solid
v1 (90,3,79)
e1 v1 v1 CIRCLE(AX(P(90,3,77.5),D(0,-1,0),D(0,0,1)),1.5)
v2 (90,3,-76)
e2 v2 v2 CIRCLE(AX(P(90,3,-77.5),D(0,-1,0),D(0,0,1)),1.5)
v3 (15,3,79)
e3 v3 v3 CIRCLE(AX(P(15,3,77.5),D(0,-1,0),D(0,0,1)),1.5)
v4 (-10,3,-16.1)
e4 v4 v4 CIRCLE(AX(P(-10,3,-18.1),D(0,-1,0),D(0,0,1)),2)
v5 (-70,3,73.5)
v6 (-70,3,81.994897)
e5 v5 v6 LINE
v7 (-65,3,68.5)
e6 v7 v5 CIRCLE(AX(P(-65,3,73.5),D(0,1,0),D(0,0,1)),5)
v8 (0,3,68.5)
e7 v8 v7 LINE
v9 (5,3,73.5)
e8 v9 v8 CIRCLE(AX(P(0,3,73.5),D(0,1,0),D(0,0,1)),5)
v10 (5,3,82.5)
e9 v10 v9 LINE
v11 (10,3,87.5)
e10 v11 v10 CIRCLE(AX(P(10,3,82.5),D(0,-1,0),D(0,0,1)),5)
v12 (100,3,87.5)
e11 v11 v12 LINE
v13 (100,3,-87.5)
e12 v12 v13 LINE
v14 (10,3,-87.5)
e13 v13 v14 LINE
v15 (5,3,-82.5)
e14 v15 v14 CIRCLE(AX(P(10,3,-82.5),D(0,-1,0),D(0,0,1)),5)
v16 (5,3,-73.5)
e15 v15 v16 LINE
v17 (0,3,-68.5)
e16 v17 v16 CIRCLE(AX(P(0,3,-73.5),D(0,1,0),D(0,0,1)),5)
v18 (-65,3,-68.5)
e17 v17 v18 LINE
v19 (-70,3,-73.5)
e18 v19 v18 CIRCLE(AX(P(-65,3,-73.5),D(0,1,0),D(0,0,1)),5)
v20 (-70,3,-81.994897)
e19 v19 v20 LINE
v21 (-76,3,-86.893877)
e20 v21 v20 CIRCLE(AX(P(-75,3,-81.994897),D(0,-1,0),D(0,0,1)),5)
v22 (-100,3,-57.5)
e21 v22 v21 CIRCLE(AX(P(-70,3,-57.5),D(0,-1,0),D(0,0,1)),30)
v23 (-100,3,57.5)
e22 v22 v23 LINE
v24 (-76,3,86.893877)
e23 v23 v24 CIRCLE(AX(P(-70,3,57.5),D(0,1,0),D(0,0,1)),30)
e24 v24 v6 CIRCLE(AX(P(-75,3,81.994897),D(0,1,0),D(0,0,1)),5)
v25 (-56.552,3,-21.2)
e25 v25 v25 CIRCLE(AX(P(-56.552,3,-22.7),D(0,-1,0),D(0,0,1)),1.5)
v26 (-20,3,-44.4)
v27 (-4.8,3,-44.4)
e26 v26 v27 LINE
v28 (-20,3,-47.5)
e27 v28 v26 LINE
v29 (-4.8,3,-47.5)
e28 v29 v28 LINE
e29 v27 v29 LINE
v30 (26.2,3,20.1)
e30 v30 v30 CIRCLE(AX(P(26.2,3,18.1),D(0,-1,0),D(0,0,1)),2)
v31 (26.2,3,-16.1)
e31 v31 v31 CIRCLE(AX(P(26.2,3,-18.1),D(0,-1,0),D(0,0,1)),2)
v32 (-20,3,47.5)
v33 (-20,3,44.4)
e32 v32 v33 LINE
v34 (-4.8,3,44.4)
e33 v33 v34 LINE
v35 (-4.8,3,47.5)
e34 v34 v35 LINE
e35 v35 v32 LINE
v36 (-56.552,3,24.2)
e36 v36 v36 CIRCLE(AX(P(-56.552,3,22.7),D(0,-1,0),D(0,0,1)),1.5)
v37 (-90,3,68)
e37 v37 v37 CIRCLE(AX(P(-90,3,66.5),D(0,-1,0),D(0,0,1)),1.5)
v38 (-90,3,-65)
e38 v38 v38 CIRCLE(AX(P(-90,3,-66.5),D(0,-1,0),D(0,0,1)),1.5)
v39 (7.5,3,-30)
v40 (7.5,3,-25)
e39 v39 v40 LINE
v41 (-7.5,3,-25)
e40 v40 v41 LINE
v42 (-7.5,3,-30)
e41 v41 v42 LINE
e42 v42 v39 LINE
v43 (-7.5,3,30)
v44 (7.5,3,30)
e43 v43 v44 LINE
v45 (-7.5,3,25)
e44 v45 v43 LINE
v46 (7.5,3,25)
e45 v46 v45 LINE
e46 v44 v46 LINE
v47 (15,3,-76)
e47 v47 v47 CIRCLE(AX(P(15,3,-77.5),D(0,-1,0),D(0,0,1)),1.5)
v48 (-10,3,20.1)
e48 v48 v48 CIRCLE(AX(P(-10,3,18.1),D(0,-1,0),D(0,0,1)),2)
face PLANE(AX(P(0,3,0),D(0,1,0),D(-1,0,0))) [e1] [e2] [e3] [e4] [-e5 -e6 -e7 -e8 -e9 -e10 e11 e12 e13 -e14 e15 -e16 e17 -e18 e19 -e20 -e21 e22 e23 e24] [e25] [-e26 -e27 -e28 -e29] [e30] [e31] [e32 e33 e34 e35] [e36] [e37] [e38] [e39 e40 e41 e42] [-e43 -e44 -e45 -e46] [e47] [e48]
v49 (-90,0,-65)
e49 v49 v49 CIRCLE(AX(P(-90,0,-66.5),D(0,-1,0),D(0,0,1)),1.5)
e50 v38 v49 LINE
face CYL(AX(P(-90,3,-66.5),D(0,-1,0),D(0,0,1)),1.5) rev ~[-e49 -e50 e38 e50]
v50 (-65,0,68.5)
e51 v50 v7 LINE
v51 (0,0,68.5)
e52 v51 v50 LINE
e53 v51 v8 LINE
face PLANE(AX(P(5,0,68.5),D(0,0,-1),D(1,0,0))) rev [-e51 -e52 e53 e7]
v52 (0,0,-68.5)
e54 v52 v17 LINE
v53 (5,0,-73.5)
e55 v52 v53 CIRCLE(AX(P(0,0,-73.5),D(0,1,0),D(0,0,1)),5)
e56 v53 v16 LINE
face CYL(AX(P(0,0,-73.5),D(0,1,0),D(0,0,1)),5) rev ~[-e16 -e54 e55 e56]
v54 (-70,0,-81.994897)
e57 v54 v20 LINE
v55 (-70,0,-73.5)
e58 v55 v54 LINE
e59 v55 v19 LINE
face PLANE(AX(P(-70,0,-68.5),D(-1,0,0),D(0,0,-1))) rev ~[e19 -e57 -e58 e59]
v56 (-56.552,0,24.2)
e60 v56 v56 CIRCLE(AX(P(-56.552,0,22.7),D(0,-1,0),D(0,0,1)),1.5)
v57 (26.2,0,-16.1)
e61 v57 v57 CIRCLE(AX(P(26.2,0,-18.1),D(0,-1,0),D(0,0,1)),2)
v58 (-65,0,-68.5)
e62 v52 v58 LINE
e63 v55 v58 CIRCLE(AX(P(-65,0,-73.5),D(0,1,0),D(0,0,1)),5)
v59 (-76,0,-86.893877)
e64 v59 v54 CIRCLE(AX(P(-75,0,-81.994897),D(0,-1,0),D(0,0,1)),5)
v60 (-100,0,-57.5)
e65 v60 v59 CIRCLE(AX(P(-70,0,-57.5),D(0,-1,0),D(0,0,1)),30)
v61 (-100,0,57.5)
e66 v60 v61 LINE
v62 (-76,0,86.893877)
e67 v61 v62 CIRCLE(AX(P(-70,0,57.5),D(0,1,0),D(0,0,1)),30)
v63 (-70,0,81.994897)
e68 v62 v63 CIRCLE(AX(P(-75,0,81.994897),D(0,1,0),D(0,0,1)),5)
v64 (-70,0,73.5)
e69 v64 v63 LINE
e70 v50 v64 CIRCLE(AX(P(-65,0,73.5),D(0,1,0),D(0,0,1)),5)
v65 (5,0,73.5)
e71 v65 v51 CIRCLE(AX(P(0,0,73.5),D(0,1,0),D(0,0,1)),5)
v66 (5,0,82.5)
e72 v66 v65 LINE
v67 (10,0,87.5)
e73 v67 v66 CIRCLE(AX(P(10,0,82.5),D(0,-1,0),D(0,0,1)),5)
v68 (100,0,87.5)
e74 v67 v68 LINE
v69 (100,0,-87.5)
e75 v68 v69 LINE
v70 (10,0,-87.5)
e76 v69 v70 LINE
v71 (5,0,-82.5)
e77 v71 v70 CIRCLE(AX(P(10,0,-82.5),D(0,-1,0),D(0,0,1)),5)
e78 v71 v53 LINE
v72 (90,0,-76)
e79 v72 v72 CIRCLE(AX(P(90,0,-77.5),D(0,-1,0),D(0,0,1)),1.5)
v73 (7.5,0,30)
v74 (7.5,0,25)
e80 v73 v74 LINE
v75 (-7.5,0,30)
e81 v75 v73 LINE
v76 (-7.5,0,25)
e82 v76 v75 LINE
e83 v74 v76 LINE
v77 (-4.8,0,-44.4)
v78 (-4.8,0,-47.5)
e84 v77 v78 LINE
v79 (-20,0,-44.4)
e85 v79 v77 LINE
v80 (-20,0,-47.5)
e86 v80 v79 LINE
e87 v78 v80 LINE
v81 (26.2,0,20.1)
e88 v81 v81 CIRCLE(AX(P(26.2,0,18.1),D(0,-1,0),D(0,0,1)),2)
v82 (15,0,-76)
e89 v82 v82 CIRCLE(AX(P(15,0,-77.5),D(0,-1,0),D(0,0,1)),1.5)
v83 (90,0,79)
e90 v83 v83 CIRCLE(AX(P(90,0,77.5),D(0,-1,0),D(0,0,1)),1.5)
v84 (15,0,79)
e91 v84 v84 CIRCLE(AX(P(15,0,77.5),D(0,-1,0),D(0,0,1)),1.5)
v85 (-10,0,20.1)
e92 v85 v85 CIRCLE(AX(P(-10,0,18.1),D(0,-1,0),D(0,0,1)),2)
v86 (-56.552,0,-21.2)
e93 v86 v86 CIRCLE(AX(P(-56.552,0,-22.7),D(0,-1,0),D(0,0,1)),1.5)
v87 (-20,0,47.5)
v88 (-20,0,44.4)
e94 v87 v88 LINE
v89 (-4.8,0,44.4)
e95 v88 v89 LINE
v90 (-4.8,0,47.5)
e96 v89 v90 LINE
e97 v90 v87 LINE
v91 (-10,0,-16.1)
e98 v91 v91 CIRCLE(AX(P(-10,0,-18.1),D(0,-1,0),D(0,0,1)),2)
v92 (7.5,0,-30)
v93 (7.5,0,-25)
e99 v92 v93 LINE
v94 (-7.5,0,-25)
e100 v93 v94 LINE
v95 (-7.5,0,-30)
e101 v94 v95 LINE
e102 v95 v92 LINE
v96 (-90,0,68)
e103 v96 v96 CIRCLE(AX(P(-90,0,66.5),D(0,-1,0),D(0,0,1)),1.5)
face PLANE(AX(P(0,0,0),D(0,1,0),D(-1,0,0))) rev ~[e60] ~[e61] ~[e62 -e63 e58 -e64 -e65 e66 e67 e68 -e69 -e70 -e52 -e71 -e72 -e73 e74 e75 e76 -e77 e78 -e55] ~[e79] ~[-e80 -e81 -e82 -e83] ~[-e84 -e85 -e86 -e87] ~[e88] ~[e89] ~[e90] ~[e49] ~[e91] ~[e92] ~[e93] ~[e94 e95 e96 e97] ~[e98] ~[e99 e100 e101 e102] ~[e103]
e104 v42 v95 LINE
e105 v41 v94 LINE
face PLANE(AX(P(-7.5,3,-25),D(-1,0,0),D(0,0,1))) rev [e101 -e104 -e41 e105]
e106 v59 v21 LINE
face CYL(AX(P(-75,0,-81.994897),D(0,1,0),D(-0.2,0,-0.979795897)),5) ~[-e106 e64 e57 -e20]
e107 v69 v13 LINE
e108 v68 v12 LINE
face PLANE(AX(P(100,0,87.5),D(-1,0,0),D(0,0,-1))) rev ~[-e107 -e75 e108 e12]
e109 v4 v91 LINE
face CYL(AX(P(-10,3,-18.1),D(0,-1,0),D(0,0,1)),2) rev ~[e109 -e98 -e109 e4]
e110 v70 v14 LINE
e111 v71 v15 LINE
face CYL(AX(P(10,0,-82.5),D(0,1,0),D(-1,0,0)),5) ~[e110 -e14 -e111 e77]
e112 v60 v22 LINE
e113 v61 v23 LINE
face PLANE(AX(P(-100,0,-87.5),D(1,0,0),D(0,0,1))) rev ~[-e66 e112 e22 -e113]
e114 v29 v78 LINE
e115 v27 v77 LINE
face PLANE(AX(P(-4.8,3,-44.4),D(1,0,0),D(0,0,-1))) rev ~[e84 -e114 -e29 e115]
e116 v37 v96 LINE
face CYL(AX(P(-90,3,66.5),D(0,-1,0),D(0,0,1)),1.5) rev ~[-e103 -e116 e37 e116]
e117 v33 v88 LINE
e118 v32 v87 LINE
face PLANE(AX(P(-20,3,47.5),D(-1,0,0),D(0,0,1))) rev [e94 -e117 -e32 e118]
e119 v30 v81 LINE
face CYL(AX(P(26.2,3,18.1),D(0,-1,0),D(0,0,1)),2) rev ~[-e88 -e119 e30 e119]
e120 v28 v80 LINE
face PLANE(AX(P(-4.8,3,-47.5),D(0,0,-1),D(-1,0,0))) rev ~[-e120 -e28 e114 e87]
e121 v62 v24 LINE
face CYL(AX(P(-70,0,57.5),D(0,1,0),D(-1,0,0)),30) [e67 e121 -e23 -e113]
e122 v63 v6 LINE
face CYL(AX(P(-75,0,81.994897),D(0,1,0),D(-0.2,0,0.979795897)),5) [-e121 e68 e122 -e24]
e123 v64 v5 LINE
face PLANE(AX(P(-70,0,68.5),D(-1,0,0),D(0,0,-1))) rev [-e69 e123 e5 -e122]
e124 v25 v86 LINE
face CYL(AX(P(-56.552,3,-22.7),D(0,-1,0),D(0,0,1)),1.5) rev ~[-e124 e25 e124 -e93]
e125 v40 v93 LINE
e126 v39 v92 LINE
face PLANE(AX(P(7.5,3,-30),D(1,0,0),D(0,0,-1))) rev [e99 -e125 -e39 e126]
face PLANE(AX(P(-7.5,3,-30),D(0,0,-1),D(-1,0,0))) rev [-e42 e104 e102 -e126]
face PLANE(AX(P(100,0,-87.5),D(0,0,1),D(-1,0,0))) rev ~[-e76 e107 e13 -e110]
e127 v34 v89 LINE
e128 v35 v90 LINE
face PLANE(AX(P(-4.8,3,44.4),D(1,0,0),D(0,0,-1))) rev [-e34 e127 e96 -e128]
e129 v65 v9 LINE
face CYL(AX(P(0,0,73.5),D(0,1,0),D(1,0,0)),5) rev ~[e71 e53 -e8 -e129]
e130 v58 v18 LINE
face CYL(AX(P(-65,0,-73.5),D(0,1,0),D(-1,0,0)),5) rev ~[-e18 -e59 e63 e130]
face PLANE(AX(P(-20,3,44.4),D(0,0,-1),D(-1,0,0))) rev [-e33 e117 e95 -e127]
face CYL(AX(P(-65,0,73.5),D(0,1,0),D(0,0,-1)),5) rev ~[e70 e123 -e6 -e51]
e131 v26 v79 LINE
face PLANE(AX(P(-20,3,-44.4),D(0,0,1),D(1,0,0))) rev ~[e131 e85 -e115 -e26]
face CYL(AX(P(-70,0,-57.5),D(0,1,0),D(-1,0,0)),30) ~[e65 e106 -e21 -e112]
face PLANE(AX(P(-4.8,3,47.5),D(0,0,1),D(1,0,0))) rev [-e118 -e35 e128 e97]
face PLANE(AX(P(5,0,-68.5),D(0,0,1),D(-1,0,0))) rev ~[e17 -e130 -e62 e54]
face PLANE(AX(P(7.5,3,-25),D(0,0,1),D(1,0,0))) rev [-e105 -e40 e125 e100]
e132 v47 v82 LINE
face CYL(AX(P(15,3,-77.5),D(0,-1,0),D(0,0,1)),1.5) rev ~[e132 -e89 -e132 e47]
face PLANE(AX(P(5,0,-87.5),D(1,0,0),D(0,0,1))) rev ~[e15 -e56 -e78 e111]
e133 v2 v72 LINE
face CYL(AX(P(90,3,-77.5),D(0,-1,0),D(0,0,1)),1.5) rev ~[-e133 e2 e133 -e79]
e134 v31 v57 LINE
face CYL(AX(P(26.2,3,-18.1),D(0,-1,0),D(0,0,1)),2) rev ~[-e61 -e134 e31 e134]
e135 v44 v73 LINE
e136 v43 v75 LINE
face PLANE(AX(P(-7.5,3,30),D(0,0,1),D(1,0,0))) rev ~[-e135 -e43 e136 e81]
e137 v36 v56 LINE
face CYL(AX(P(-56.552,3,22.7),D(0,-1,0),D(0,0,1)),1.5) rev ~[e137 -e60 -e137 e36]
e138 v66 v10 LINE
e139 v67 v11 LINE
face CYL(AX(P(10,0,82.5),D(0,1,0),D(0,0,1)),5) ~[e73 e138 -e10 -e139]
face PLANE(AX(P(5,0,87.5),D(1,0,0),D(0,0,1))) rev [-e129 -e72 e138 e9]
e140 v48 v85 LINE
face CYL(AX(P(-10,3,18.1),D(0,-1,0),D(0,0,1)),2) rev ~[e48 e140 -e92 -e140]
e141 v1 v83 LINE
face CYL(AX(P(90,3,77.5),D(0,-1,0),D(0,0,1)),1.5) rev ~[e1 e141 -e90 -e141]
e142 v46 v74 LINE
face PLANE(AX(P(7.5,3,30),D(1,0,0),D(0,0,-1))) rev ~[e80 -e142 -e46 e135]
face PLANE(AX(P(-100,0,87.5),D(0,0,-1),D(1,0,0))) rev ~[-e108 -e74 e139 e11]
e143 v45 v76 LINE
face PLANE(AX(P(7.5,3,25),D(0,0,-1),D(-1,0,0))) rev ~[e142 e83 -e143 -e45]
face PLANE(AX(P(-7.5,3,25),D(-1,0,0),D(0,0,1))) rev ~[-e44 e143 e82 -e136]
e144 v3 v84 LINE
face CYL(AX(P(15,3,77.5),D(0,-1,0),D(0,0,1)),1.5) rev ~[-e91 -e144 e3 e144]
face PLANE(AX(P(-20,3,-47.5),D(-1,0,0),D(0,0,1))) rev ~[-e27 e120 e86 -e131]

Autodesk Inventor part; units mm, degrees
ref_plane "YZ Plane" through (0, 0, 0) normal (1, 0, 0) x (0, 1, 0)
ref_plane "XZ Plane" through (0, 0, 0) normal (0, 1, 0) x (-1, 0, 0)
ref_plane "XY Plane" through (0, 0, 0) normal (0, 0, 1) x (1, 0, 0)
sketch "Boceto1" plane through (0, 0, 0) normal (0, 1, 0) x (-1, 0, 0)
  line L0 (100, 87.5) -> (-100, 87.5)
  line L1 (-100, 87.5) -> (-100, -87.5)
  line L2 (-100, -87.5) -> (100, -87.5)
  line L3 (100, -87.5) -> (100, 87.5)
  line L4 (100, 87.5) -> (-100, -87.5) construction
  line L5 (-100, 87.5) -> (100, -87.5) construction
  point P0 (0, 0)
  dimension "d0" = 175
  dimension "d1" = 200
extrude "Extrusión1" add sketch "Boceto1" along normal blind 3
sketch "Boceto2" plane through (0, 3, 0) normal (0, 1, 0) x (1, 0, 0)
  line L0 (-4.8, 47.5) -> (-20, 47.5)
  line L1 (-20, 47.5) -> (-20, 44.4)
  line L2 (-20, 44.4) -> (-4.8, 44.4)
  line L3 (-4.8, 44.4) -> (-4.8, 47.5)
  line L4 (100, 87.5) -> (-100, 87.5) construction
  line L5 (-100, 87.5) -> (-100, -87.5) construction
  point P0 (0, 0)
  dimension "d4" = 15.2
  dimension "d5" = 3.1
  dimension "d6" = 40
  dimension "d7" = 80
extrude "Extrusión2" cut sketch "Boceto2" against normal blind 3
fillet "Empalme1" radius 30 2 edges at (-100, 1.5, -87.5) (-100, 1.5, 87.5)
sketch "Boceto3" plane through (0, 0, 0) normal (0, -1, 0) x (1, 0, 0)
  line L0 (-70, -87.5) -> (5, -87.5)
  line L1 (5, -87.5) -> (5, -68.5)
  line L2 (5, -68.5) -> (-70, -68.5)
  line L3 (-70, -68.5) -> (-70, -87.5)
  point P0 (0, 0)
  dimension "d11" = 75
  dimension "d12" = 19
extrude "Extrusión3" cut sketch "Boceto3" against normal blind 3
mirror "Simetría1" about plane through (0, 0, 0) normal (0, 0, 1) of "Extrusión3"
fillet "Empalme3" radius 5 8 edges at (-70, 1.5, 87.5) (-70, 1.5, 68.5) (5, 1.5, 68.5) (5, 1.5, 87.5) (-70, 1.5, -87.5) (-70, 1.5, -68.5) (5, 1.5, -68.5) (5, 1.5, -87.5)
mirror "Simetría2" about plane through (0, 0, 0) normal (0, 0, 1) of "Extrusión2"
sketch "Boceto6" plane through (0, 3, 0) normal (0, 1, 0) x (1, 0, 0)
  line L0 (-100, 57.5) -> (-100, -57.5) construction
  line L1 (-10, -18.1) -> (26.2, -18.1) construction
  line L2 (-100, 0) -> (100, 0) construction
  line L3 (100, -87.5) -> (100, 87.5) construction
  line L4 (100, 87.5) -> (100, -87.5) construction
  point P0 (0, 0)
  point P1 (-10, 18.1)
  point P2 (26.2, 18.1)
  dimension "d36" = 90
  dimension "d37" = 36.2
  dimension "d38" = 36.2
  dimension "d39" = 18.1
hole "Agujero3" at (-10, 3, 18.1) at (26.2, 3, 18.1) at (-10, 3, -18.1) at (26.2, 3, -18.1) direction (0, -1, 0) diameter 4 end through all
sketch "Boceto7" plane through (0, 3, 0) normal (0, 1, 0) x (1, 0, 0)
  line L0 (-7.5, -30) -> (7.5, -30)
  line L1 (7.5, -30) -> (7.5, -25)
  line L2 (7.5, -25) -> (-7.5, -25)
  line L3 (-7.5, -25) -> (-7.5, -30)
  point P0 (0, 0)
  point P1 (0, -25)
  dimension "d47" = 5
  dimension "d48" = 15
  dimension "d49" = 25
extrude "Extrusión4" cut sketch "Boceto7" against normal blind 3
mirror "Simetría3" about plane through (0, 0, 0) normal (0, 0, 1) of "Extrusión4"
sketch "Boceto9" plane through (0, 3, 0) normal (0, 1, 0) x (1, 0, 0)
  line L0 (-85, 22.7) -> (-85, -22.7) construction
  line L1 (100, -87.5) -> (100, 87.5) construction
  line L2 (100, 0) -> (-100, 0) construction
  line L3 (-56.552, 22.7) -> (-56.552, -22.7) construction
  line L4 (-100, 57.5) -> (-100, -57.5) construction
  point P0 (0, 0)
  point P1 (-85, 0)
  dimension "d52" = 28.448
  dimension "d54" = 45.4
  dimension "d55" = 15
hole "Agujero4" at (-56.552, 3, -22.7) at (-56.552, 3, 22.7) direction (0, -1, 0) diameter 3 end through all
sketch "Boceto10" plane through (0, 3, 0) normal (0, 1, 0) x (1, 0, 0)
  line L0 (-65, -68.5) -> (0, -68.5) projected
  line L1 (-90, -66.5) -> (-90, 66.5) construction
  line L2 (-100, 57.5) -> (-100, -57.5) construction
  line L3 (90, -77.5) -> (15, -77.5) construction
  line L4 (90, 77.5) -> (15, 77.5) construction
  line L5 (100, -87.5) -> (100, 87.5) construction
  line L6 (5, 82.5) -> (5, 73.5) construction
  line L7 (100, 87.5) -> (10, 87.5) construction
  line L8 (10, -87.5) -> (100, -87.5) construction
  point P0 (0, 0)
  point P1 (-90, 0)
  dimension "d63" = 2
  dimension "d64" = 10
  dimension "d65" = 10
  dimension "d66" = 10
  dimension "d67" = 10
  dimension "d68" = 10
hole "Agujero5" at (90, 3, -77.5) at (15, 3, -77.5) at (90, 3, 77.5) at (15, 3, 77.5) at (-90, 3, -66.5) at (-90, 3, 66.5) direction (0, -1, 0) diameter 3 end through all
properties part number "Base_Carro"
